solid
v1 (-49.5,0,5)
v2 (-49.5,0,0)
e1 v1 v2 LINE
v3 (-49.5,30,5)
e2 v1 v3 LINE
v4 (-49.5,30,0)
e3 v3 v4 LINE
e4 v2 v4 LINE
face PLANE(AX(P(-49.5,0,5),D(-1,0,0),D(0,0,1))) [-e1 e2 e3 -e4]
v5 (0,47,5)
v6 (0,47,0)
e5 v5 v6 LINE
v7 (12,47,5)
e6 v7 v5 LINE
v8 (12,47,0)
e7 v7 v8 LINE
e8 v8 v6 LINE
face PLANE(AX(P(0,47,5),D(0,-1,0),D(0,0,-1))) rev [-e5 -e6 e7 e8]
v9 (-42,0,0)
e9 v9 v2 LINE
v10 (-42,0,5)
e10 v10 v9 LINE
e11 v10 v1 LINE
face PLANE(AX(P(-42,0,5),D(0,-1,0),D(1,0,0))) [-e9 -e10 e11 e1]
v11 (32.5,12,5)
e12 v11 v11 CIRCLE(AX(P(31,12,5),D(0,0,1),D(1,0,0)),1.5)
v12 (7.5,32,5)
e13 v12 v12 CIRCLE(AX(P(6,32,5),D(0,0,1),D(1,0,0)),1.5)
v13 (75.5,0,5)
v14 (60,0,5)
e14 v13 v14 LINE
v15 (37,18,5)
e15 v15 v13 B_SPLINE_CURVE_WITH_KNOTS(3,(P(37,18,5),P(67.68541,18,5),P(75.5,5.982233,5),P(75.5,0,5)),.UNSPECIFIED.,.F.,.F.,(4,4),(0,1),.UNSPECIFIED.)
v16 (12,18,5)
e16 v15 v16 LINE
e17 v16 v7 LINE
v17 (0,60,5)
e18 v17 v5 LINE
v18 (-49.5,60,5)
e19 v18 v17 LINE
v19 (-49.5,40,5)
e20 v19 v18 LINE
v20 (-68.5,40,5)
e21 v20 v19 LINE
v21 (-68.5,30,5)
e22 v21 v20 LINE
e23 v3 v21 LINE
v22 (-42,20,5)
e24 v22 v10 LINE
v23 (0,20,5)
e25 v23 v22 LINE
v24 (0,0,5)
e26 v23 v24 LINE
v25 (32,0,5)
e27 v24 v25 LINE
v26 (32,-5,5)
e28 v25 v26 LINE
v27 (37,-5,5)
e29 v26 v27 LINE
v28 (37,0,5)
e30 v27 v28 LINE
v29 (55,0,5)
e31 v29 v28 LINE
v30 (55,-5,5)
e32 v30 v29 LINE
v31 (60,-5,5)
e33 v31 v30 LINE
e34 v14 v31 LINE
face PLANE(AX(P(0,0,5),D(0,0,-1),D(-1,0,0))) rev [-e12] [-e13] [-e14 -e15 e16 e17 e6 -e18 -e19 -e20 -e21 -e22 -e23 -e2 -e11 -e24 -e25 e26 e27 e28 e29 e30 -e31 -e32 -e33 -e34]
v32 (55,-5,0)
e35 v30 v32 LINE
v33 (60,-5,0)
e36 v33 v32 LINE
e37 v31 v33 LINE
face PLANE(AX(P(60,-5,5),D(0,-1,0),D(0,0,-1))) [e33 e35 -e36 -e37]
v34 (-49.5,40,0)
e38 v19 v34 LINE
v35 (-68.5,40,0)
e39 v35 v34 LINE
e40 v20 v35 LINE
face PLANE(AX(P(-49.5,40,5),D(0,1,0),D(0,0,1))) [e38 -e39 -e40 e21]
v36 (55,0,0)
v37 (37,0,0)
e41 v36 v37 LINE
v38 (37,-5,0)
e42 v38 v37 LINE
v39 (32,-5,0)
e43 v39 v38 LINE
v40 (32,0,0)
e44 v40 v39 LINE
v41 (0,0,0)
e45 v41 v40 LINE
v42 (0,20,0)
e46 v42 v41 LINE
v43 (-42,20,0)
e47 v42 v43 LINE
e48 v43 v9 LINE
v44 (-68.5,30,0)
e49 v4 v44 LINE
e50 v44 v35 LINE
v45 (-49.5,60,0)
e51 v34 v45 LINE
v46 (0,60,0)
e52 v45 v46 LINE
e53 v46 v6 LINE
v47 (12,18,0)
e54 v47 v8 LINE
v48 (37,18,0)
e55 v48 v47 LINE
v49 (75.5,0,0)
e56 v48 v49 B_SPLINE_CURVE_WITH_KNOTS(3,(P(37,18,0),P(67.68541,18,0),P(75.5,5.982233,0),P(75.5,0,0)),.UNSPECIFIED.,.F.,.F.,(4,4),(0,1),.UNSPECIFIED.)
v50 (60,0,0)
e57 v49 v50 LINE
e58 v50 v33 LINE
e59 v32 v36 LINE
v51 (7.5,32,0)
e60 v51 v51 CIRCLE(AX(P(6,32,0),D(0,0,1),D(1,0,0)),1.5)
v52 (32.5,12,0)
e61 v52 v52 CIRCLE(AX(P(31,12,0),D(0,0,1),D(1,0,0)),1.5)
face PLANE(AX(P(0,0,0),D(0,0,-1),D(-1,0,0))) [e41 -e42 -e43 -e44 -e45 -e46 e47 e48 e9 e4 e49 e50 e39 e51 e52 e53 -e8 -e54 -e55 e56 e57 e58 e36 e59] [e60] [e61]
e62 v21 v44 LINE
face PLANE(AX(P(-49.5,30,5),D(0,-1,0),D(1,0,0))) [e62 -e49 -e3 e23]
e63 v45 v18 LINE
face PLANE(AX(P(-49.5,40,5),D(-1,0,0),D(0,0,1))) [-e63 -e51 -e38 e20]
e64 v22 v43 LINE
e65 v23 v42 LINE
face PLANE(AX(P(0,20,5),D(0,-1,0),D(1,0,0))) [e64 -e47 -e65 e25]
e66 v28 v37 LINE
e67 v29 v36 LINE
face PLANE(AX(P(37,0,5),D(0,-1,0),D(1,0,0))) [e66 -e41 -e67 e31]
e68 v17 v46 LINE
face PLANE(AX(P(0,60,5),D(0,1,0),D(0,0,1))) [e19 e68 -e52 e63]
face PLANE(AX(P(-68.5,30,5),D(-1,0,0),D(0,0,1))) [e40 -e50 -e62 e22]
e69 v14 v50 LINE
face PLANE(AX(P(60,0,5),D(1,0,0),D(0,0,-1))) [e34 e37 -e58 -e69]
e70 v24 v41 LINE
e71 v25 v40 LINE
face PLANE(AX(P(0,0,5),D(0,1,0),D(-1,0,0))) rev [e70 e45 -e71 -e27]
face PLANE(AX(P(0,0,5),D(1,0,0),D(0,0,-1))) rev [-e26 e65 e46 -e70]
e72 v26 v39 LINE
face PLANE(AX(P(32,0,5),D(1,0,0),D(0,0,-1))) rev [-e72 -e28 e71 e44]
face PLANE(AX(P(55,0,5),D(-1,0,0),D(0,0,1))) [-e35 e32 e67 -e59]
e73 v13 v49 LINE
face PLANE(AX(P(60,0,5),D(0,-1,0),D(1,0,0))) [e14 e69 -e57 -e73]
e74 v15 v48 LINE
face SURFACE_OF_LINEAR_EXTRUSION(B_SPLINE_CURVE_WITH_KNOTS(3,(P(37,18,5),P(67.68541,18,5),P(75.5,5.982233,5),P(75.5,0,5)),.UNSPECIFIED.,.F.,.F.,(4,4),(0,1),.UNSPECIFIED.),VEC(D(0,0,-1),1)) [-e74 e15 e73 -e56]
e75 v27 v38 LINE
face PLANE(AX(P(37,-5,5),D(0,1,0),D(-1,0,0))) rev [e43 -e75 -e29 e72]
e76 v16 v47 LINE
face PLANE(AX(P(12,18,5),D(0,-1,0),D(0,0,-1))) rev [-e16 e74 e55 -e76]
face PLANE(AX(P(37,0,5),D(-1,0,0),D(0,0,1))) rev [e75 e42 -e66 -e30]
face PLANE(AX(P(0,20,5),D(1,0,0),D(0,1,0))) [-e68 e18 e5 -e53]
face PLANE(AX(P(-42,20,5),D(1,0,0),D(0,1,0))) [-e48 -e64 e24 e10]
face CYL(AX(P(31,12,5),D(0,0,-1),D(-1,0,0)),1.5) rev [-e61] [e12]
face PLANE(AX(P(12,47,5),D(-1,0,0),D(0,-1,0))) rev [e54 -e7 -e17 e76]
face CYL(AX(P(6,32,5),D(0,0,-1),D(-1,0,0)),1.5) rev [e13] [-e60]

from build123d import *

# Parameters (mm, degrees)
ESQUISSE1_R             = 1.5
BOSS_EXTRU_1_DEPTH      = 5
BOSS_EXTRU_2_DEPTH      = 5
ESQUISSE3_W             = 236.288260714
ESQUISSE3_H             = 122.224262112
ENL_V_MAT_EXTRU_1_DEPTH = 5


with BuildPart() as part:
    # Esquisse1 → Boss.-Extru.1 (new body)
    with BuildSketch(Plane.XY):
        Polygon((0, 0), (32, 0), (32, -5), (37, -5), (37, 0), (37, 18), (12, 18), (12, 47), (0, 47), align=None)
        with Locations((6, 32)):
            Circle(ESQUISSE1_R, mode=Mode.SUBTRACT)
        with Locations((31, 12)):
            Circle(ESQUISSE1_R, mode=Mode.SUBTRACT)
    extrude(amount=BOSS_EXTRU_1_DEPTH)

    # Esquisse2 → Boss.-Extru.2 (add)
    with BuildSketch(Plane(origin=(0, 0, 0), x_dir=(-1, 0, 0), z_dir=(0, 0, -1))):
        with BuildLine():
            Line((-37, 0), (-55, 0))
            Line((-55, 0), (-55, -5))
            Line((-55, -5), (-60, -5))
            Line((-60, -5), (-60, 0))
            Line((-60, 0), (-75.5, 0))
            add(Edge.make_bspline(
                [(-75.5, 0), (-75.5, 5.982232529), (-67.685409636, 18), (-37, 18)],
                knots=[0, 0, 0, 0, 1, 1, 1, 1], degree=3))
            Line((-37, 18), (-37, 0))
        make_face()
        Polygon((42, 0), (49.5, 0), (49.5, 30), (68.5, 30), (68.5, 40), (49.5, 40), (49.5, 110), (68.5, 110), (68.5, 120), (49.5, 120), (49.5, 142), (-1, 142), (-1, 167), (-10, 167), (-10, 172), (-20, 172), (-20, 167), (-25, 167), (-25, 90), (20, 90), (20, 60), (0, 60), (0, 20), (42, 20), align=None)
    extrude(amount=-BOSS_EXTRU_2_DEPTH)

    # Esquisse3 → Enlèv. mat.-Extru.1 (cut)
    with BuildSketch(Plane(origin=(0, 0, 0), x_dir=(-1, 0, 0), z_dir=(0, 0, -1))):
        with Locations((68.98963671, 121.112131056)):
            Rectangle(ESQUISSE3_W, ESQUISSE3_H)
    extrude(amount=-ENL_V_MAT_EXTRU_1_DEPTH, mode=Mode.SUBTRACT)


solid = part.part
